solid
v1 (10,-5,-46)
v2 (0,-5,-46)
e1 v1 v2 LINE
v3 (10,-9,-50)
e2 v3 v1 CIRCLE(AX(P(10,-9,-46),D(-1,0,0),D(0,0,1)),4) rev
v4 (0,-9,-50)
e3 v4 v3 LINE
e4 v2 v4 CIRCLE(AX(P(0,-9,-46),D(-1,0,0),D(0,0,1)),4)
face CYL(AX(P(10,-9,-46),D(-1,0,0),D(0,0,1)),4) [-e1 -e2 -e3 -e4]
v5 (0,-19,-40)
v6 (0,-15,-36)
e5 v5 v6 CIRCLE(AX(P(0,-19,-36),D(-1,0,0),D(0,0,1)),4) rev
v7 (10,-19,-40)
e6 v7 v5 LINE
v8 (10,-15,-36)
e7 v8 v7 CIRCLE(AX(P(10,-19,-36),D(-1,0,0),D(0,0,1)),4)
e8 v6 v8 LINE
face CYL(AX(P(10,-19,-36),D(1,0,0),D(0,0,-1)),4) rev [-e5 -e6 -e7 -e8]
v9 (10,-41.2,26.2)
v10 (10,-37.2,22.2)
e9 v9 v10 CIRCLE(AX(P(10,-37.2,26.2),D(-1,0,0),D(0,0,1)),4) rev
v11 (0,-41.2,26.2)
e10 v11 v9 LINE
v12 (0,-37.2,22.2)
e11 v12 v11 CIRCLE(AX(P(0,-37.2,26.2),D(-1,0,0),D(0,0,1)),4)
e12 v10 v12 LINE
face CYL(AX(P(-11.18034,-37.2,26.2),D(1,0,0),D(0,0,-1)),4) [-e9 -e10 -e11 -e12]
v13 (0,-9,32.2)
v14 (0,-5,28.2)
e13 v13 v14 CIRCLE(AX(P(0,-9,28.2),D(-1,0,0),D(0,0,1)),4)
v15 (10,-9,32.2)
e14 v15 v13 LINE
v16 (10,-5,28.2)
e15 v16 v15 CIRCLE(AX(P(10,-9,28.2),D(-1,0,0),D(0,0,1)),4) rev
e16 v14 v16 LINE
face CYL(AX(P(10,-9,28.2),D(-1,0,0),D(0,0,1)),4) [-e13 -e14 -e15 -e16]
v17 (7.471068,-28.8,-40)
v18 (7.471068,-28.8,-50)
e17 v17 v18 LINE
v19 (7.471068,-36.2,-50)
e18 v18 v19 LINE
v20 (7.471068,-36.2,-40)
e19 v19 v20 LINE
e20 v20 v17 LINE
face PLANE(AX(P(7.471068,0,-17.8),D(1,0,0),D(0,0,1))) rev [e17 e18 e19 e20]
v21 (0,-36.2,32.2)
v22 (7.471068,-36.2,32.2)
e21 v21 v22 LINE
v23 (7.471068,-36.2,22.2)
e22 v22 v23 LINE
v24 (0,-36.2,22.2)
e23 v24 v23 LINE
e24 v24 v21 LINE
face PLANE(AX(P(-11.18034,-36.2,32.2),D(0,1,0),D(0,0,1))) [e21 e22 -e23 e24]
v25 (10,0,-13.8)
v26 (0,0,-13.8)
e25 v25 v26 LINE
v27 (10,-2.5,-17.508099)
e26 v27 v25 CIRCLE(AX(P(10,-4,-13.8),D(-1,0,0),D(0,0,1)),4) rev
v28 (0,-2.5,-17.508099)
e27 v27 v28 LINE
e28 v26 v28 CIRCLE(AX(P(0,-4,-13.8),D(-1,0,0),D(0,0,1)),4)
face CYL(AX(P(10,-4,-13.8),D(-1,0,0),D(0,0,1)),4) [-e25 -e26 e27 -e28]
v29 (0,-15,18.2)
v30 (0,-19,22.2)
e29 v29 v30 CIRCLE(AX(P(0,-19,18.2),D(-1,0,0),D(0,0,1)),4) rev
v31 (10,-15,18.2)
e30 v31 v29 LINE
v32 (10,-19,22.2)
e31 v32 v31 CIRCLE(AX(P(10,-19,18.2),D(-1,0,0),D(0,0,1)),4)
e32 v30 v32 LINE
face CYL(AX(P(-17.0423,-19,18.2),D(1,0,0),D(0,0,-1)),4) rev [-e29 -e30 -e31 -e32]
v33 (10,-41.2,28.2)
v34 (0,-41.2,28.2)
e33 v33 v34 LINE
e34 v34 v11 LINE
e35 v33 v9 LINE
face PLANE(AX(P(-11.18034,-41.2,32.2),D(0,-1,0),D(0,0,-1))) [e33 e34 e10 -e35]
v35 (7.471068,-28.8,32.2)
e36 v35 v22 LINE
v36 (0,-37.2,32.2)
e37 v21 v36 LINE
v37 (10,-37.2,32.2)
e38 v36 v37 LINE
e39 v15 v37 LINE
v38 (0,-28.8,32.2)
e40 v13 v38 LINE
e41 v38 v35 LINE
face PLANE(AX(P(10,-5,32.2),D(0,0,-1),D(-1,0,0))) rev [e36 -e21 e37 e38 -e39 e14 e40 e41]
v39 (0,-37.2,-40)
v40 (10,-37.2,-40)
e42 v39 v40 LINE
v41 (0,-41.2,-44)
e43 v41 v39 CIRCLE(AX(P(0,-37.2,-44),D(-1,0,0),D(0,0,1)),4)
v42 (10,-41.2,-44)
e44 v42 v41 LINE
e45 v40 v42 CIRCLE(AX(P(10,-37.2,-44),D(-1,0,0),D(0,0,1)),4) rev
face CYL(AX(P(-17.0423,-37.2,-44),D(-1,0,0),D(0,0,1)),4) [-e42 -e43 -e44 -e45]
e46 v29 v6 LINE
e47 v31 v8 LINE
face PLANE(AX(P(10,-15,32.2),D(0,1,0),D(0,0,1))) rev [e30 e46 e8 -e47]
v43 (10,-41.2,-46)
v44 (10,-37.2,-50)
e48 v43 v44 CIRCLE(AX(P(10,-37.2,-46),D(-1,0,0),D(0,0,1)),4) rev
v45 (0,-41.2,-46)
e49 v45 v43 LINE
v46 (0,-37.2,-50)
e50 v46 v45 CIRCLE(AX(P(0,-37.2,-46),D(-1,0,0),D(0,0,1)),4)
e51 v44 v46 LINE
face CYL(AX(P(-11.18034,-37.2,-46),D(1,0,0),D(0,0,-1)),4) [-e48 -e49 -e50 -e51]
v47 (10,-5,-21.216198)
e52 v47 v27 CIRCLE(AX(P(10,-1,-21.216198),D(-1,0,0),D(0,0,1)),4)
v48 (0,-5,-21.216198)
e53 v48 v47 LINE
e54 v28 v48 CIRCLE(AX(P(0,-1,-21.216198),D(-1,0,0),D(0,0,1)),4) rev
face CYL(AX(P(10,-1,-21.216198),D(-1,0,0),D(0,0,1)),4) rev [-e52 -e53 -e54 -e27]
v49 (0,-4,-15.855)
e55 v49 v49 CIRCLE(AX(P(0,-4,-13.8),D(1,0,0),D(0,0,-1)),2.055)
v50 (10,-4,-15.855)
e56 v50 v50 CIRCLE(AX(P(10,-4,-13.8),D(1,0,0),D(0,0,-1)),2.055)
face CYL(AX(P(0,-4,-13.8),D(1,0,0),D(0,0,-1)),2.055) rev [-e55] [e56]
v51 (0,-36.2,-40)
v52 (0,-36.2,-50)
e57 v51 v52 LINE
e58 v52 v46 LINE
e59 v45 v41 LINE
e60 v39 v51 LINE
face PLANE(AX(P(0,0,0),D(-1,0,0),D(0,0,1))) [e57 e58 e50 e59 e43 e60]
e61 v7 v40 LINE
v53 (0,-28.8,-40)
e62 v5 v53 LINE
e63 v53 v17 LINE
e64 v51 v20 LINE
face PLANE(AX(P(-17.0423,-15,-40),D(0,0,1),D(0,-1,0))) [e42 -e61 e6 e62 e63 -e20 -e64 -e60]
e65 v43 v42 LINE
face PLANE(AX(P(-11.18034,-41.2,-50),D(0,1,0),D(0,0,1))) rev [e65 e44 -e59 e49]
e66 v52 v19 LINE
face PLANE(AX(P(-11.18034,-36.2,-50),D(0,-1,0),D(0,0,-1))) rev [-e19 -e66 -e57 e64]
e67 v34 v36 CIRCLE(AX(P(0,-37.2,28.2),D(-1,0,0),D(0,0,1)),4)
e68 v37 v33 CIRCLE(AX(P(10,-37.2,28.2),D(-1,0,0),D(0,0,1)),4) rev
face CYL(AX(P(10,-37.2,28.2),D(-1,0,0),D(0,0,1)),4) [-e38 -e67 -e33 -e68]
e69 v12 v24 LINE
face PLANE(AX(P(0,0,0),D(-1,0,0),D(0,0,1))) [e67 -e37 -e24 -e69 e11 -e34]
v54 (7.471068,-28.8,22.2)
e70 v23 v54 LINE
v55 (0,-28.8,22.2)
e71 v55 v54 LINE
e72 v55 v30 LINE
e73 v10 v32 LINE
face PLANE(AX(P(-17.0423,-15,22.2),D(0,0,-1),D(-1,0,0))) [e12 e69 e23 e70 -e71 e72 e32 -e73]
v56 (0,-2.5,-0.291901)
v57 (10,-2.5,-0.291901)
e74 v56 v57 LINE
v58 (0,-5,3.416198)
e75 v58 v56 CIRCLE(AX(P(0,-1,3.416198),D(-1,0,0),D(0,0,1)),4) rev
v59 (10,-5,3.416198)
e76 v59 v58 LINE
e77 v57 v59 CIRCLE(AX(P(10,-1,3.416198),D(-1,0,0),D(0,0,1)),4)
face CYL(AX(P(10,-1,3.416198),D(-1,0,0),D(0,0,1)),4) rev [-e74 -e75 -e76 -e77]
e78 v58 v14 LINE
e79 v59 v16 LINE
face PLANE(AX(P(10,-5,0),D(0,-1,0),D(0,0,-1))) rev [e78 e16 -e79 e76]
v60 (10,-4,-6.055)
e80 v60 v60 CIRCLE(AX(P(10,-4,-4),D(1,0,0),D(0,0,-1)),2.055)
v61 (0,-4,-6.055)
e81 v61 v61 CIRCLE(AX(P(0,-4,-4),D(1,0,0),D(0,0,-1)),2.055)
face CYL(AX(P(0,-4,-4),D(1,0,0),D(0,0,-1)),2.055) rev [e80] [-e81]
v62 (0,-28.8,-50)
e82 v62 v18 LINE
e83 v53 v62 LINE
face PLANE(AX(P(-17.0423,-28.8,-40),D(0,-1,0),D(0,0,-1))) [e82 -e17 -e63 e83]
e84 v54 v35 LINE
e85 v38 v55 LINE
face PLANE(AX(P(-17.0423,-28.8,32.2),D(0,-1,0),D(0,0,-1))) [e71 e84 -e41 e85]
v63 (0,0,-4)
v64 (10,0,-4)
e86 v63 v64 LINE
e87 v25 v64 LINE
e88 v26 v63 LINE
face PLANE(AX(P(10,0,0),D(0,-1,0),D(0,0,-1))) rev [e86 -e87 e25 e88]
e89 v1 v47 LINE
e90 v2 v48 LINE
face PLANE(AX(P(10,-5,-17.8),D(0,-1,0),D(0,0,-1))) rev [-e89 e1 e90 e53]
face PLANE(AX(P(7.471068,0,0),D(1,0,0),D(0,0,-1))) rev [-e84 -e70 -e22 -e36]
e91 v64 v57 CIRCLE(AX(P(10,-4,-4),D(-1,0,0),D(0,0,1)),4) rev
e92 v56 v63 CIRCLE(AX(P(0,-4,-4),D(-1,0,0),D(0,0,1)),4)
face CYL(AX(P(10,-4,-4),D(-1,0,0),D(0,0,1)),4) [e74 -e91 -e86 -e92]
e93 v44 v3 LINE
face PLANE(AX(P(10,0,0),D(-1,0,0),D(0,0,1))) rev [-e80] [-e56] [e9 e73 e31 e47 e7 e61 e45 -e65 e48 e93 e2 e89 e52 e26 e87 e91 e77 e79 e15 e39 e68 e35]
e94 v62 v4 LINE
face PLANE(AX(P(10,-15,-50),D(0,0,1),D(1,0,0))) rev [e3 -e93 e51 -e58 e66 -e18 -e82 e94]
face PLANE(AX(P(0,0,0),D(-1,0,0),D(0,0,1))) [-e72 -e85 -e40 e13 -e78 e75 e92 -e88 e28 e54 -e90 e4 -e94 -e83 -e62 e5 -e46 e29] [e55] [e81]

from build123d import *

# Parameters (mm, degrees)
BOSS_EXTRUDE1_DEPTH = 10
SKETCH3_R           = 2.055
CUT_EXTRUDE1_DEPTH  = 11
SKETCH5_W           = 10
SKETCH5_H           = 13.8
BOSS_EXTRUDE2_DEPTH = 10
SKETCH10_W          = 10
SKETCH10_H          = 7.4
BOSS_EXTRUDE5_DEPTH = 2.52893219
SKETCH11_W          = 10
SKETCH11_H          = 5
BOSS_EXTRUDE6_DEPTH = 10
FILLET1_R           = 4
FILLET2_R           = 4
FILLET3_R           = 4


with BuildPart() as part:
    # Sketch1 → Boss-Extrude1 (new body)
    with BuildSketch(Plane(origin=(0, 0, 0), x_dir=(0, 0, -1), z_dir=(1, 0, 0))):
        Polygon((17.8, -5), (50, -5), (50, -15), (-32.2, -15), (-32.2, -5), (0, -5), (0, 0), (17.8, 0), align=None)
    extrude(amount=BOSS_EXTRUDE1_DEPTH)

    # Sketch3 → Cut-Extrude1 (cut, through all)
    with BuildSketch(Plane(origin=(10, 0, 0), x_dir=(0, 0, -1), z_dir=(1, 0, 0))):
        with Locations((4, -4)):
            Circle(SKETCH3_R)
        with Locations((13.8, -4)):
            Circle(SKETCH3_R)
    extrude(amount=-CUT_EXTRUDE1_DEPTH, mode=Mode.SUBTRACT)

    # Sketch5 → Boss-Extrude2 (add)
    with BuildSketch(Plane(origin=(10, 0, 0), x_dir=(0, 0, -1), z_dir=(1, 0, 0))):
        with Locations((-27.2, -21.9)):
            Rectangle(SKETCH5_W, SKETCH5_H)
        with Locations((45, -21.9)):
            Rectangle(SKETCH5_W, SKETCH5_H)
    extrude(amount=-BOSS_EXTRUDE2_DEPTH)

    # Sketch10 → Boss-Extrude5 (add)
    with BuildSketch(Plane(origin=(10, 0, 0), x_dir=(0, 0, -1), z_dir=(1, 0, 0))):
        with Locations((-27.2, -32.5)):
            Rectangle(SKETCH10_W, SKETCH10_H)
    boss_extrude5 = extrude(amount=-BOSS_EXTRUDE5_DEPTH)

    # Sketch11 → Boss-Extrude6 (add)
    with BuildSketch(Plane(origin=(10, 0, 0), x_dir=(0, 0, -1), z_dir=(1, 0, 0))):
        with Locations((-27.2, -38.7)):
            Rectangle(SKETCH11_W, SKETCH11_H)
    boss_extrude6 = extrude(amount=-BOSS_EXTRUDE6_DEPTH)

    # Mirror1: Boss-Extrude5, Boss-Extrude6 across plane
    add(boss_extrude5.mirror(Plane.XY.offset(-8.9)))
    add(boss_extrude6.mirror(Plane.XY.offset(-8.9)))

    # Fillet1
    fillet1_edges = [part.edges().sort_by_distance(p)[0] for p in [
        (5, 0, 0),
        (5, 0, -17.8),
    ]]
    fillet(fillet1_edges, radius=FILLET1_R)

    # Fillet2
    fillet2_edges = [part.edges().sort_by_distance(p)[0] for p in [
        (5, -41.2, -50),
        (5, -41.2, -40),
        (5, -5, -50),
        (5, -5, 32.2),
        (5, -15, 22.2),
        (5, -15, -40),
        (5, -41.2, 22.2),
        (5, -41.2, 32.2),
    ]]
    fillet(fillet2_edges, radius=FILLET2_R)

    # Fillet3
    fillet3_edges = [part.edges().sort_by_distance(p)[0] for p in [
        (5, -5, -17.8),
        (5, -5, 0),
    ]]
    fillet(fillet3_edges, radius=FILLET3_R)


solid = part.part
